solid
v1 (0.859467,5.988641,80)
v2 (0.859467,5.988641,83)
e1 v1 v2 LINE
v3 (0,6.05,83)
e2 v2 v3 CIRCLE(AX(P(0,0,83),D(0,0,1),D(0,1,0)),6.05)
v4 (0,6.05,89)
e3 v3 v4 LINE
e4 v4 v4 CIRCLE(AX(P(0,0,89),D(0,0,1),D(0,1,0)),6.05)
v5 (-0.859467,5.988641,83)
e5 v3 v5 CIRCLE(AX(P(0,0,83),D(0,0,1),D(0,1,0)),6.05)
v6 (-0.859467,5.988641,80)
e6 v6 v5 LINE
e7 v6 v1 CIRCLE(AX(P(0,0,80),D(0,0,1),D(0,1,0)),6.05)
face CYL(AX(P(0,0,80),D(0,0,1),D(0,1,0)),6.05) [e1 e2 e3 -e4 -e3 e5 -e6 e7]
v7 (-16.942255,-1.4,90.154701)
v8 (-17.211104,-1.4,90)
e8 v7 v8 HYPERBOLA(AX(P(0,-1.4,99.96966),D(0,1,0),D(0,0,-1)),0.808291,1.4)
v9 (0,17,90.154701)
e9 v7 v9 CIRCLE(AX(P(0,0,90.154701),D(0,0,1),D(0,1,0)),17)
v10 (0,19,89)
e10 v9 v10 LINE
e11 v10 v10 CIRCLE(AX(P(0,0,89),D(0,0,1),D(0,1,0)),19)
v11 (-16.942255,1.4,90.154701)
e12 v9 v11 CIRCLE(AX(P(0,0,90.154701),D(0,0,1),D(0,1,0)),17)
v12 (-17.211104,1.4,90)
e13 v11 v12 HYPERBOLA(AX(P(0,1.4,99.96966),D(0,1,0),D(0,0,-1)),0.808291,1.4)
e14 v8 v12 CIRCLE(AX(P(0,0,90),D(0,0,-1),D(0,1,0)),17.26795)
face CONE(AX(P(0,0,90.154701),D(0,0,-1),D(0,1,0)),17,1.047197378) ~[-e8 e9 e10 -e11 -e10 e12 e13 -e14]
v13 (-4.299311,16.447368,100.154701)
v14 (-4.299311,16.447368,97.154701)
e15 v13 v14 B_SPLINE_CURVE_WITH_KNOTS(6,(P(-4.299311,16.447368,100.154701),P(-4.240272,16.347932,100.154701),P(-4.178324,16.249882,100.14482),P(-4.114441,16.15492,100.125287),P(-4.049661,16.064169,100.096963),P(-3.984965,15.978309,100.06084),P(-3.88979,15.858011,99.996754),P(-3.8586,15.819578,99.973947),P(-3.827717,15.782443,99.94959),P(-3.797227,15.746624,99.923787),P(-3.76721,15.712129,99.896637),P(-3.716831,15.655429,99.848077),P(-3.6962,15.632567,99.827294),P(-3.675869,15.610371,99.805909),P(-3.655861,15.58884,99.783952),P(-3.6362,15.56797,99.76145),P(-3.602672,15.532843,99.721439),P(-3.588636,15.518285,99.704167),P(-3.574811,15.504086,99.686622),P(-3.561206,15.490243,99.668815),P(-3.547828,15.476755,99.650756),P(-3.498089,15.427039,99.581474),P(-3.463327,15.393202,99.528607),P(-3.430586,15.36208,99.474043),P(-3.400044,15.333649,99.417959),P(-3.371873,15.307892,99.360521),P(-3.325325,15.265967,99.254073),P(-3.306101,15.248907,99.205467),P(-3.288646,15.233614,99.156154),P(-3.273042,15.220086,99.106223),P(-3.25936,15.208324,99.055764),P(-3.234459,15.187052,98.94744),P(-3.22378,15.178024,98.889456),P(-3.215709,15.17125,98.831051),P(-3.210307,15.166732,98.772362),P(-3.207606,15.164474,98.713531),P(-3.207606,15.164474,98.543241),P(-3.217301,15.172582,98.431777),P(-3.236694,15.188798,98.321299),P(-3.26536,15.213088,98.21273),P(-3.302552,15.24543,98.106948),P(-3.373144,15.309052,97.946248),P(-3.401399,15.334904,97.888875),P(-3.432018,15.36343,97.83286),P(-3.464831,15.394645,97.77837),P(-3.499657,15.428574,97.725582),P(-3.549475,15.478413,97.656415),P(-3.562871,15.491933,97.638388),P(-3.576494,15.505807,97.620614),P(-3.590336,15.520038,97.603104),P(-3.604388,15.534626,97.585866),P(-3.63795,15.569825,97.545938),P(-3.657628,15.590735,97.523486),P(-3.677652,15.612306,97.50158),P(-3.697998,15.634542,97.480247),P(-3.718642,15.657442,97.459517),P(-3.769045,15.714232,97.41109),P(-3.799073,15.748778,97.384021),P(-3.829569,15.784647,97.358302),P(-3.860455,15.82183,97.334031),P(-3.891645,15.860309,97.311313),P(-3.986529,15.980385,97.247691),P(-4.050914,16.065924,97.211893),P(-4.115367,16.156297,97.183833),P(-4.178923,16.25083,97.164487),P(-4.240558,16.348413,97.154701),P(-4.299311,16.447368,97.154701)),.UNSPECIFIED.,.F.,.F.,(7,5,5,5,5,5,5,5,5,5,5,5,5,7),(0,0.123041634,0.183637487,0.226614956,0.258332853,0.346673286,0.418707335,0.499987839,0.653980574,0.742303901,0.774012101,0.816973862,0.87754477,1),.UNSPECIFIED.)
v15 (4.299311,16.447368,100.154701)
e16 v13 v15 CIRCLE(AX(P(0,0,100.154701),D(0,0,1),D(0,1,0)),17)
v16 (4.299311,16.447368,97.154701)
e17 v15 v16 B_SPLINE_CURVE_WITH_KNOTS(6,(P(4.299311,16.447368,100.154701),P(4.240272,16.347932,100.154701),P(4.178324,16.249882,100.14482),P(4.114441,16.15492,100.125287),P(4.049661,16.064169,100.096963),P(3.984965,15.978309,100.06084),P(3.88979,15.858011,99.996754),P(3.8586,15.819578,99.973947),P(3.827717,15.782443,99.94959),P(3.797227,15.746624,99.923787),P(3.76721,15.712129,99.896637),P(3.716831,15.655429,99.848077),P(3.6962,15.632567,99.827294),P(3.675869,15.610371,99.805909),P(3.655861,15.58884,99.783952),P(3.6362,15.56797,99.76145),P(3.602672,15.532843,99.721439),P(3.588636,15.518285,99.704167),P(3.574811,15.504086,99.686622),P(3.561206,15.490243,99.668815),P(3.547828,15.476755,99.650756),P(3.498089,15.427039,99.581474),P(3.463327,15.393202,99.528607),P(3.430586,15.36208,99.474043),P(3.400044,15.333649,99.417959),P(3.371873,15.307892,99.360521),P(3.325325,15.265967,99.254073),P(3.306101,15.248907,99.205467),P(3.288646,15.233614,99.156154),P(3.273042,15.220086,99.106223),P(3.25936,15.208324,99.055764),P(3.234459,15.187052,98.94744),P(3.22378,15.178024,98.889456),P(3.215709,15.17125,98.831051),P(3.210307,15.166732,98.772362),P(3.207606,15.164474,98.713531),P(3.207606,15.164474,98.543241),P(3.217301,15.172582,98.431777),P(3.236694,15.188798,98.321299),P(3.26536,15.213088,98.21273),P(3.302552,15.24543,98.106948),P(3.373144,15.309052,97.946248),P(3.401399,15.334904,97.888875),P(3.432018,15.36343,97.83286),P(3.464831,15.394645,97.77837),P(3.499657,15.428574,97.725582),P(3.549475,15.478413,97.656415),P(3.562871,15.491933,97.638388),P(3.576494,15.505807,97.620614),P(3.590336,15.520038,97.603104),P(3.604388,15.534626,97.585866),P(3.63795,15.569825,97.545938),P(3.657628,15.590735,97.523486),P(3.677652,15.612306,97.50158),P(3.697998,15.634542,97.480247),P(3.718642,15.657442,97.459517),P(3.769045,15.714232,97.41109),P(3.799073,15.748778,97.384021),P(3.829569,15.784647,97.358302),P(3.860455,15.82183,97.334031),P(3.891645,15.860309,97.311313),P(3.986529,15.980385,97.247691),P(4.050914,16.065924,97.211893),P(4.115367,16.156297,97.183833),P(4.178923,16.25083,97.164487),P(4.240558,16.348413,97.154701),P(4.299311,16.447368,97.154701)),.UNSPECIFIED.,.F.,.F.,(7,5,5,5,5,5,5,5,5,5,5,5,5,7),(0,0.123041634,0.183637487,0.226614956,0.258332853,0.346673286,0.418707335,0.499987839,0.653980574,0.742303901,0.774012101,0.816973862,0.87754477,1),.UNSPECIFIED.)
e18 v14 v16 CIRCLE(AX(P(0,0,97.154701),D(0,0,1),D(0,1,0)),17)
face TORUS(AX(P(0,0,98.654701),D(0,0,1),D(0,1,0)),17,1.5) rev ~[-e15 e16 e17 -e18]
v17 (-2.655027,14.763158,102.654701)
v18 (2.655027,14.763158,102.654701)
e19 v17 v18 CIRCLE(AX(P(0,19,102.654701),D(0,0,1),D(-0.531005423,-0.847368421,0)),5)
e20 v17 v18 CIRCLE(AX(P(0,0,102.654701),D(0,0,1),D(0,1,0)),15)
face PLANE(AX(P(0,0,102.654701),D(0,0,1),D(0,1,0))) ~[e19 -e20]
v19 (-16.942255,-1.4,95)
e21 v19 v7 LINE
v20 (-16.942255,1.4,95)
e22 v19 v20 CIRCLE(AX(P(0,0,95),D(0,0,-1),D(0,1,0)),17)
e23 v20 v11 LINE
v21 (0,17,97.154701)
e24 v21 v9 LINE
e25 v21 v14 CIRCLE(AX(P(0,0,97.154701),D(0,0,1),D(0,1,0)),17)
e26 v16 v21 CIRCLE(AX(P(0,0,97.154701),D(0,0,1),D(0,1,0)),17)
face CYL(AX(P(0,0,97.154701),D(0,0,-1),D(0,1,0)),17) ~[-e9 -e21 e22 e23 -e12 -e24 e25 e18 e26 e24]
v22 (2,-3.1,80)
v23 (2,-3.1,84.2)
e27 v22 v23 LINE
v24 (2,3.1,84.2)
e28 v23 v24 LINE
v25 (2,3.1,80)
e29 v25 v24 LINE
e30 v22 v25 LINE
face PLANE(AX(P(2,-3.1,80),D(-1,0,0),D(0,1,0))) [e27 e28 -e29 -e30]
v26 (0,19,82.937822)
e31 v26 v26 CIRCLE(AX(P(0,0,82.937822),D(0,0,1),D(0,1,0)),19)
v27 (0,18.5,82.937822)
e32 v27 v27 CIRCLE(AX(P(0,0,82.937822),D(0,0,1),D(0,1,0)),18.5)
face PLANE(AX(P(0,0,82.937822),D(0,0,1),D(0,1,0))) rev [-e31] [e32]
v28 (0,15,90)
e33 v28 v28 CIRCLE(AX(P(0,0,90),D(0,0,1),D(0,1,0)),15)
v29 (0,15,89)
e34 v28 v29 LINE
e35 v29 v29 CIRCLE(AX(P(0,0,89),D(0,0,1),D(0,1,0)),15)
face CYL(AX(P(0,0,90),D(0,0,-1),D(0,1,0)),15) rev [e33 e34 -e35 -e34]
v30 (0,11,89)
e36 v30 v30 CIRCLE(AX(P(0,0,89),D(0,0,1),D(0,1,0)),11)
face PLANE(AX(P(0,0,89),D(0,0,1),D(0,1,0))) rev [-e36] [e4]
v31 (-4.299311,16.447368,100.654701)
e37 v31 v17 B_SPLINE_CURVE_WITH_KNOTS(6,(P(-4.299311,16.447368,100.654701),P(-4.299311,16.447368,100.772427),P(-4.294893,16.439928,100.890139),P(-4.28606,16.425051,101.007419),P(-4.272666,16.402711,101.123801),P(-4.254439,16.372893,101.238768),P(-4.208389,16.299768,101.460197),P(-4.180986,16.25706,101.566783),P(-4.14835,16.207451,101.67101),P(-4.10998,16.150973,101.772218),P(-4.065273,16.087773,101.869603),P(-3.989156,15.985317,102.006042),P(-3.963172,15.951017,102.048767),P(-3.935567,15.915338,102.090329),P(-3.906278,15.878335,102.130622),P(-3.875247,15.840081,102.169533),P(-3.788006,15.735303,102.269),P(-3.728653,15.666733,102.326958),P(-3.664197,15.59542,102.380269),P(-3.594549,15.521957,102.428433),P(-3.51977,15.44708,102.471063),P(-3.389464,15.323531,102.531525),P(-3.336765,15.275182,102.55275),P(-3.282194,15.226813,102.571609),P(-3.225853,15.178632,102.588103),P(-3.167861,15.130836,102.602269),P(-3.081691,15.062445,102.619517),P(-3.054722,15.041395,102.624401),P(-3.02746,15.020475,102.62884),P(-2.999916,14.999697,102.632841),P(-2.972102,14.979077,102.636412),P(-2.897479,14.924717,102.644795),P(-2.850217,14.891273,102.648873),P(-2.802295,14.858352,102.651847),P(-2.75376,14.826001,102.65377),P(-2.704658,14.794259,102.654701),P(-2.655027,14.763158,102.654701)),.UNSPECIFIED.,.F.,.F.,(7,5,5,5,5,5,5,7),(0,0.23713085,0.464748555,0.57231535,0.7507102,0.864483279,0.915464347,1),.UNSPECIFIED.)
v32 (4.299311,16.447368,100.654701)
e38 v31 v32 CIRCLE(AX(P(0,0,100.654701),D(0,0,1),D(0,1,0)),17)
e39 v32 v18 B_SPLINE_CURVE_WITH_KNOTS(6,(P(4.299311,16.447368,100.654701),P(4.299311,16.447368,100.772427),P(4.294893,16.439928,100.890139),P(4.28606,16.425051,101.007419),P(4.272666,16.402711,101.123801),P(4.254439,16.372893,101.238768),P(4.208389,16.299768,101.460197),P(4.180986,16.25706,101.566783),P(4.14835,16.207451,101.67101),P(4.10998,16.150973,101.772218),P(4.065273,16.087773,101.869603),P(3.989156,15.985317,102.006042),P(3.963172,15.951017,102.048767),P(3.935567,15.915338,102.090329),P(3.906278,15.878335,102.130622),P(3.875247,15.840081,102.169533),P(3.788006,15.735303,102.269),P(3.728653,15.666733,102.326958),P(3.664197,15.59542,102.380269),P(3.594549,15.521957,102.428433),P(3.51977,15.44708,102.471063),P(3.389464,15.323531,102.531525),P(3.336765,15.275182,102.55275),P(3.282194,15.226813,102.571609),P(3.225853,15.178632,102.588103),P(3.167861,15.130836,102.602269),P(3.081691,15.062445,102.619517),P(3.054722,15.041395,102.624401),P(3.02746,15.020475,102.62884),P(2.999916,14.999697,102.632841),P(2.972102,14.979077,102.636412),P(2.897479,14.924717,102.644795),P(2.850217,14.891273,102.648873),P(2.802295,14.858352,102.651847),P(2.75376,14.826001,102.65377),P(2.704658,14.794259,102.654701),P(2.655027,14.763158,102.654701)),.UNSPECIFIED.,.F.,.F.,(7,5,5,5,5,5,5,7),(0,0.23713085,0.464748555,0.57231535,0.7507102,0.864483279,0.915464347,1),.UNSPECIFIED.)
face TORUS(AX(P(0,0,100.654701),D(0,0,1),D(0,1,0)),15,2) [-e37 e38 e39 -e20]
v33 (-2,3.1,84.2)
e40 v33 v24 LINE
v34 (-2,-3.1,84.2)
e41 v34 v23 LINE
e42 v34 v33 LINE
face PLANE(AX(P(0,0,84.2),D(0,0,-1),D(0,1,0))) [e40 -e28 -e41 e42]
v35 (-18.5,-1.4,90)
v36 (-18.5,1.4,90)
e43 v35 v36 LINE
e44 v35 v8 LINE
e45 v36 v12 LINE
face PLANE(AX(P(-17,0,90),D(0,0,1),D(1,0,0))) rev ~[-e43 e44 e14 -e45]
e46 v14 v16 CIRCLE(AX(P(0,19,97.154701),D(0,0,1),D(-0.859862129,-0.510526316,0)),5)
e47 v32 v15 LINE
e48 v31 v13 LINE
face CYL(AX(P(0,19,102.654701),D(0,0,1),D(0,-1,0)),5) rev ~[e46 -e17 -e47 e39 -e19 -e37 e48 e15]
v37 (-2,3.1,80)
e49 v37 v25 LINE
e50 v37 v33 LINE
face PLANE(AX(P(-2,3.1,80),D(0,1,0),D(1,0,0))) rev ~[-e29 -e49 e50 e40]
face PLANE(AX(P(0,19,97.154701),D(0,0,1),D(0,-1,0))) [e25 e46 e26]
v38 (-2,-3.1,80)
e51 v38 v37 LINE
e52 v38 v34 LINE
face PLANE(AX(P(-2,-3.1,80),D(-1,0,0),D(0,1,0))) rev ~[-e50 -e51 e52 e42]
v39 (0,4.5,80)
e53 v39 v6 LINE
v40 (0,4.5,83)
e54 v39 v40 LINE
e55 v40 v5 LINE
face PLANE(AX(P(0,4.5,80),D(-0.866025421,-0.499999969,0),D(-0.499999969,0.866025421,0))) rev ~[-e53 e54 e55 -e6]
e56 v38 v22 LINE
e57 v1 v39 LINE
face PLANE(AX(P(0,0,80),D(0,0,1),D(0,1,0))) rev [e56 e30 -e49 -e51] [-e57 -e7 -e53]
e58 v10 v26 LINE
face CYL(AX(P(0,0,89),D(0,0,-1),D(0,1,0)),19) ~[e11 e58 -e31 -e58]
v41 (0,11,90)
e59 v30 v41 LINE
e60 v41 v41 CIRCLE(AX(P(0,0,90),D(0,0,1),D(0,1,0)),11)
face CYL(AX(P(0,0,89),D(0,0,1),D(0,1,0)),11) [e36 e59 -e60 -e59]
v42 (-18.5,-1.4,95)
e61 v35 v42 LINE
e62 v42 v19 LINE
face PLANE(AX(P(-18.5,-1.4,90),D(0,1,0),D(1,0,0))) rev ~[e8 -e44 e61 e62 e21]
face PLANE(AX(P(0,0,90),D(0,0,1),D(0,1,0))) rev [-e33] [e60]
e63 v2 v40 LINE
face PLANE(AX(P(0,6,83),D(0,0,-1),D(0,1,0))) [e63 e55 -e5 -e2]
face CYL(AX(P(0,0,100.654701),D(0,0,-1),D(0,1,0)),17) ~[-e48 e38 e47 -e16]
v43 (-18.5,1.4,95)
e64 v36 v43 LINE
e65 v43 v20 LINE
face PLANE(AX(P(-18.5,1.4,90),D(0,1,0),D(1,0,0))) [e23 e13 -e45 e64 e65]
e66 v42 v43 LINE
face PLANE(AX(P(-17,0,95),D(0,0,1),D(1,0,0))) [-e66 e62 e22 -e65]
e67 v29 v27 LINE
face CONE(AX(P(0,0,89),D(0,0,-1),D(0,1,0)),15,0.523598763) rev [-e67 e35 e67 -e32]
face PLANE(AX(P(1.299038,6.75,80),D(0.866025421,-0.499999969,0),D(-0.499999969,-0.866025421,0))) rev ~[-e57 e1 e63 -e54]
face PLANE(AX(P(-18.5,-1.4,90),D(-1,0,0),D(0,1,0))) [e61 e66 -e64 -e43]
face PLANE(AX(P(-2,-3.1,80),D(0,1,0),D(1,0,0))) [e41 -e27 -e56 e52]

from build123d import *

# Parameters (mm, degrees)
SKETCH064_W     = 6.2
SKETCH064_H     = 4
POCKET005_DEPTH = 4.2
SKETCH093_W     = 3
SKETCH093_H     = 2.8
PAD011_DEPTH    = 5
SKETCH101_R     = 5
POCKET022_DEPTH = 5.5
POCKET055_DEPTH = 3


with BuildPart() as part:
    # Sketch063 → Revolution016 (revolve)
    with BuildSketch(Plane.YZ):
        with BuildLine():
            Line((6.05, 9), (11, 9))
            Line((11, 9), (11, 10))
            Line((11, 10), (15, 10))
            Line((15, 10), (15, 9))
            Line((15, 9), (18.5, 2.937822))
            Line((18.5, 2.937822), (19, 2.937822))
            Line((19, 9), (19, 2.937822))
            Line((17, 10.154701), (19, 9))
            Line((17, 17.154701), (17, 10.154701))
            ThreePointArc((17, 20.154701), (15.5, 18.654701), (17, 17.154701))
            Line((17, 20.654701), (17, 20.154701))
            ThreePointArc((17, 20.654701), (16.414214, 22.068914), (15, 22.654701))
            Line((0, 22.654701), (15, 22.654701))
            Line((0, 22.654701), (0, 0))
            Line((0, 0), (6.05, 0))
            Line((6.05, 0), (6.05, 9))
        make_face()
    revolve(axis=Axis((0, 0, 0), (0, 0, 1)))

    # Sketch064 (on Face1 of Revolution016) → Pocket005 (cut)
    with BuildSketch(Plane.YX):
        Rectangle(SKETCH064_W, SKETCH064_H)
    extrude(amount=-POCKET005_DEPTH, mode=Mode.SUBTRACT)

    # Sketch093 → Pad011 (join)
    with BuildSketch(Plane.XY.offset(10)):
        with Locations((-17, 0)):
            Rectangle(SKETCH093_W, SKETCH093_H)
    extrude(amount=PAD011_DEPTH)

    # Sketch101 (on Face25 of Pad011) → Pocket022 (cut)
    with BuildSketch(Plane(origin=(0, 0, 22.654701), x_dir=(0, -1, 0), z_dir=(0, 0, 1))):
        with Locations((-19, 0)):
            Circle(SKETCH101_R)
    extrude(amount=-POCKET022_DEPTH, mode=Mode.SUBTRACT)

    # Sketch174 (on Face1 of Revolution016) → Pocket055 (cut)
    with BuildSketch(Plane.YX):
        Polygon((6.75, 1.299038), (4.5, 0), (6.75, -1.299038), align=None)
    extrude(amount=-POCKET055_DEPTH, mode=Mode.SUBTRACT)


with BuildPart() as part_1:
    # Body017 placement: moved
    add(part.part.moved(Location((0, 0, 80))))


solid = part_1.part
